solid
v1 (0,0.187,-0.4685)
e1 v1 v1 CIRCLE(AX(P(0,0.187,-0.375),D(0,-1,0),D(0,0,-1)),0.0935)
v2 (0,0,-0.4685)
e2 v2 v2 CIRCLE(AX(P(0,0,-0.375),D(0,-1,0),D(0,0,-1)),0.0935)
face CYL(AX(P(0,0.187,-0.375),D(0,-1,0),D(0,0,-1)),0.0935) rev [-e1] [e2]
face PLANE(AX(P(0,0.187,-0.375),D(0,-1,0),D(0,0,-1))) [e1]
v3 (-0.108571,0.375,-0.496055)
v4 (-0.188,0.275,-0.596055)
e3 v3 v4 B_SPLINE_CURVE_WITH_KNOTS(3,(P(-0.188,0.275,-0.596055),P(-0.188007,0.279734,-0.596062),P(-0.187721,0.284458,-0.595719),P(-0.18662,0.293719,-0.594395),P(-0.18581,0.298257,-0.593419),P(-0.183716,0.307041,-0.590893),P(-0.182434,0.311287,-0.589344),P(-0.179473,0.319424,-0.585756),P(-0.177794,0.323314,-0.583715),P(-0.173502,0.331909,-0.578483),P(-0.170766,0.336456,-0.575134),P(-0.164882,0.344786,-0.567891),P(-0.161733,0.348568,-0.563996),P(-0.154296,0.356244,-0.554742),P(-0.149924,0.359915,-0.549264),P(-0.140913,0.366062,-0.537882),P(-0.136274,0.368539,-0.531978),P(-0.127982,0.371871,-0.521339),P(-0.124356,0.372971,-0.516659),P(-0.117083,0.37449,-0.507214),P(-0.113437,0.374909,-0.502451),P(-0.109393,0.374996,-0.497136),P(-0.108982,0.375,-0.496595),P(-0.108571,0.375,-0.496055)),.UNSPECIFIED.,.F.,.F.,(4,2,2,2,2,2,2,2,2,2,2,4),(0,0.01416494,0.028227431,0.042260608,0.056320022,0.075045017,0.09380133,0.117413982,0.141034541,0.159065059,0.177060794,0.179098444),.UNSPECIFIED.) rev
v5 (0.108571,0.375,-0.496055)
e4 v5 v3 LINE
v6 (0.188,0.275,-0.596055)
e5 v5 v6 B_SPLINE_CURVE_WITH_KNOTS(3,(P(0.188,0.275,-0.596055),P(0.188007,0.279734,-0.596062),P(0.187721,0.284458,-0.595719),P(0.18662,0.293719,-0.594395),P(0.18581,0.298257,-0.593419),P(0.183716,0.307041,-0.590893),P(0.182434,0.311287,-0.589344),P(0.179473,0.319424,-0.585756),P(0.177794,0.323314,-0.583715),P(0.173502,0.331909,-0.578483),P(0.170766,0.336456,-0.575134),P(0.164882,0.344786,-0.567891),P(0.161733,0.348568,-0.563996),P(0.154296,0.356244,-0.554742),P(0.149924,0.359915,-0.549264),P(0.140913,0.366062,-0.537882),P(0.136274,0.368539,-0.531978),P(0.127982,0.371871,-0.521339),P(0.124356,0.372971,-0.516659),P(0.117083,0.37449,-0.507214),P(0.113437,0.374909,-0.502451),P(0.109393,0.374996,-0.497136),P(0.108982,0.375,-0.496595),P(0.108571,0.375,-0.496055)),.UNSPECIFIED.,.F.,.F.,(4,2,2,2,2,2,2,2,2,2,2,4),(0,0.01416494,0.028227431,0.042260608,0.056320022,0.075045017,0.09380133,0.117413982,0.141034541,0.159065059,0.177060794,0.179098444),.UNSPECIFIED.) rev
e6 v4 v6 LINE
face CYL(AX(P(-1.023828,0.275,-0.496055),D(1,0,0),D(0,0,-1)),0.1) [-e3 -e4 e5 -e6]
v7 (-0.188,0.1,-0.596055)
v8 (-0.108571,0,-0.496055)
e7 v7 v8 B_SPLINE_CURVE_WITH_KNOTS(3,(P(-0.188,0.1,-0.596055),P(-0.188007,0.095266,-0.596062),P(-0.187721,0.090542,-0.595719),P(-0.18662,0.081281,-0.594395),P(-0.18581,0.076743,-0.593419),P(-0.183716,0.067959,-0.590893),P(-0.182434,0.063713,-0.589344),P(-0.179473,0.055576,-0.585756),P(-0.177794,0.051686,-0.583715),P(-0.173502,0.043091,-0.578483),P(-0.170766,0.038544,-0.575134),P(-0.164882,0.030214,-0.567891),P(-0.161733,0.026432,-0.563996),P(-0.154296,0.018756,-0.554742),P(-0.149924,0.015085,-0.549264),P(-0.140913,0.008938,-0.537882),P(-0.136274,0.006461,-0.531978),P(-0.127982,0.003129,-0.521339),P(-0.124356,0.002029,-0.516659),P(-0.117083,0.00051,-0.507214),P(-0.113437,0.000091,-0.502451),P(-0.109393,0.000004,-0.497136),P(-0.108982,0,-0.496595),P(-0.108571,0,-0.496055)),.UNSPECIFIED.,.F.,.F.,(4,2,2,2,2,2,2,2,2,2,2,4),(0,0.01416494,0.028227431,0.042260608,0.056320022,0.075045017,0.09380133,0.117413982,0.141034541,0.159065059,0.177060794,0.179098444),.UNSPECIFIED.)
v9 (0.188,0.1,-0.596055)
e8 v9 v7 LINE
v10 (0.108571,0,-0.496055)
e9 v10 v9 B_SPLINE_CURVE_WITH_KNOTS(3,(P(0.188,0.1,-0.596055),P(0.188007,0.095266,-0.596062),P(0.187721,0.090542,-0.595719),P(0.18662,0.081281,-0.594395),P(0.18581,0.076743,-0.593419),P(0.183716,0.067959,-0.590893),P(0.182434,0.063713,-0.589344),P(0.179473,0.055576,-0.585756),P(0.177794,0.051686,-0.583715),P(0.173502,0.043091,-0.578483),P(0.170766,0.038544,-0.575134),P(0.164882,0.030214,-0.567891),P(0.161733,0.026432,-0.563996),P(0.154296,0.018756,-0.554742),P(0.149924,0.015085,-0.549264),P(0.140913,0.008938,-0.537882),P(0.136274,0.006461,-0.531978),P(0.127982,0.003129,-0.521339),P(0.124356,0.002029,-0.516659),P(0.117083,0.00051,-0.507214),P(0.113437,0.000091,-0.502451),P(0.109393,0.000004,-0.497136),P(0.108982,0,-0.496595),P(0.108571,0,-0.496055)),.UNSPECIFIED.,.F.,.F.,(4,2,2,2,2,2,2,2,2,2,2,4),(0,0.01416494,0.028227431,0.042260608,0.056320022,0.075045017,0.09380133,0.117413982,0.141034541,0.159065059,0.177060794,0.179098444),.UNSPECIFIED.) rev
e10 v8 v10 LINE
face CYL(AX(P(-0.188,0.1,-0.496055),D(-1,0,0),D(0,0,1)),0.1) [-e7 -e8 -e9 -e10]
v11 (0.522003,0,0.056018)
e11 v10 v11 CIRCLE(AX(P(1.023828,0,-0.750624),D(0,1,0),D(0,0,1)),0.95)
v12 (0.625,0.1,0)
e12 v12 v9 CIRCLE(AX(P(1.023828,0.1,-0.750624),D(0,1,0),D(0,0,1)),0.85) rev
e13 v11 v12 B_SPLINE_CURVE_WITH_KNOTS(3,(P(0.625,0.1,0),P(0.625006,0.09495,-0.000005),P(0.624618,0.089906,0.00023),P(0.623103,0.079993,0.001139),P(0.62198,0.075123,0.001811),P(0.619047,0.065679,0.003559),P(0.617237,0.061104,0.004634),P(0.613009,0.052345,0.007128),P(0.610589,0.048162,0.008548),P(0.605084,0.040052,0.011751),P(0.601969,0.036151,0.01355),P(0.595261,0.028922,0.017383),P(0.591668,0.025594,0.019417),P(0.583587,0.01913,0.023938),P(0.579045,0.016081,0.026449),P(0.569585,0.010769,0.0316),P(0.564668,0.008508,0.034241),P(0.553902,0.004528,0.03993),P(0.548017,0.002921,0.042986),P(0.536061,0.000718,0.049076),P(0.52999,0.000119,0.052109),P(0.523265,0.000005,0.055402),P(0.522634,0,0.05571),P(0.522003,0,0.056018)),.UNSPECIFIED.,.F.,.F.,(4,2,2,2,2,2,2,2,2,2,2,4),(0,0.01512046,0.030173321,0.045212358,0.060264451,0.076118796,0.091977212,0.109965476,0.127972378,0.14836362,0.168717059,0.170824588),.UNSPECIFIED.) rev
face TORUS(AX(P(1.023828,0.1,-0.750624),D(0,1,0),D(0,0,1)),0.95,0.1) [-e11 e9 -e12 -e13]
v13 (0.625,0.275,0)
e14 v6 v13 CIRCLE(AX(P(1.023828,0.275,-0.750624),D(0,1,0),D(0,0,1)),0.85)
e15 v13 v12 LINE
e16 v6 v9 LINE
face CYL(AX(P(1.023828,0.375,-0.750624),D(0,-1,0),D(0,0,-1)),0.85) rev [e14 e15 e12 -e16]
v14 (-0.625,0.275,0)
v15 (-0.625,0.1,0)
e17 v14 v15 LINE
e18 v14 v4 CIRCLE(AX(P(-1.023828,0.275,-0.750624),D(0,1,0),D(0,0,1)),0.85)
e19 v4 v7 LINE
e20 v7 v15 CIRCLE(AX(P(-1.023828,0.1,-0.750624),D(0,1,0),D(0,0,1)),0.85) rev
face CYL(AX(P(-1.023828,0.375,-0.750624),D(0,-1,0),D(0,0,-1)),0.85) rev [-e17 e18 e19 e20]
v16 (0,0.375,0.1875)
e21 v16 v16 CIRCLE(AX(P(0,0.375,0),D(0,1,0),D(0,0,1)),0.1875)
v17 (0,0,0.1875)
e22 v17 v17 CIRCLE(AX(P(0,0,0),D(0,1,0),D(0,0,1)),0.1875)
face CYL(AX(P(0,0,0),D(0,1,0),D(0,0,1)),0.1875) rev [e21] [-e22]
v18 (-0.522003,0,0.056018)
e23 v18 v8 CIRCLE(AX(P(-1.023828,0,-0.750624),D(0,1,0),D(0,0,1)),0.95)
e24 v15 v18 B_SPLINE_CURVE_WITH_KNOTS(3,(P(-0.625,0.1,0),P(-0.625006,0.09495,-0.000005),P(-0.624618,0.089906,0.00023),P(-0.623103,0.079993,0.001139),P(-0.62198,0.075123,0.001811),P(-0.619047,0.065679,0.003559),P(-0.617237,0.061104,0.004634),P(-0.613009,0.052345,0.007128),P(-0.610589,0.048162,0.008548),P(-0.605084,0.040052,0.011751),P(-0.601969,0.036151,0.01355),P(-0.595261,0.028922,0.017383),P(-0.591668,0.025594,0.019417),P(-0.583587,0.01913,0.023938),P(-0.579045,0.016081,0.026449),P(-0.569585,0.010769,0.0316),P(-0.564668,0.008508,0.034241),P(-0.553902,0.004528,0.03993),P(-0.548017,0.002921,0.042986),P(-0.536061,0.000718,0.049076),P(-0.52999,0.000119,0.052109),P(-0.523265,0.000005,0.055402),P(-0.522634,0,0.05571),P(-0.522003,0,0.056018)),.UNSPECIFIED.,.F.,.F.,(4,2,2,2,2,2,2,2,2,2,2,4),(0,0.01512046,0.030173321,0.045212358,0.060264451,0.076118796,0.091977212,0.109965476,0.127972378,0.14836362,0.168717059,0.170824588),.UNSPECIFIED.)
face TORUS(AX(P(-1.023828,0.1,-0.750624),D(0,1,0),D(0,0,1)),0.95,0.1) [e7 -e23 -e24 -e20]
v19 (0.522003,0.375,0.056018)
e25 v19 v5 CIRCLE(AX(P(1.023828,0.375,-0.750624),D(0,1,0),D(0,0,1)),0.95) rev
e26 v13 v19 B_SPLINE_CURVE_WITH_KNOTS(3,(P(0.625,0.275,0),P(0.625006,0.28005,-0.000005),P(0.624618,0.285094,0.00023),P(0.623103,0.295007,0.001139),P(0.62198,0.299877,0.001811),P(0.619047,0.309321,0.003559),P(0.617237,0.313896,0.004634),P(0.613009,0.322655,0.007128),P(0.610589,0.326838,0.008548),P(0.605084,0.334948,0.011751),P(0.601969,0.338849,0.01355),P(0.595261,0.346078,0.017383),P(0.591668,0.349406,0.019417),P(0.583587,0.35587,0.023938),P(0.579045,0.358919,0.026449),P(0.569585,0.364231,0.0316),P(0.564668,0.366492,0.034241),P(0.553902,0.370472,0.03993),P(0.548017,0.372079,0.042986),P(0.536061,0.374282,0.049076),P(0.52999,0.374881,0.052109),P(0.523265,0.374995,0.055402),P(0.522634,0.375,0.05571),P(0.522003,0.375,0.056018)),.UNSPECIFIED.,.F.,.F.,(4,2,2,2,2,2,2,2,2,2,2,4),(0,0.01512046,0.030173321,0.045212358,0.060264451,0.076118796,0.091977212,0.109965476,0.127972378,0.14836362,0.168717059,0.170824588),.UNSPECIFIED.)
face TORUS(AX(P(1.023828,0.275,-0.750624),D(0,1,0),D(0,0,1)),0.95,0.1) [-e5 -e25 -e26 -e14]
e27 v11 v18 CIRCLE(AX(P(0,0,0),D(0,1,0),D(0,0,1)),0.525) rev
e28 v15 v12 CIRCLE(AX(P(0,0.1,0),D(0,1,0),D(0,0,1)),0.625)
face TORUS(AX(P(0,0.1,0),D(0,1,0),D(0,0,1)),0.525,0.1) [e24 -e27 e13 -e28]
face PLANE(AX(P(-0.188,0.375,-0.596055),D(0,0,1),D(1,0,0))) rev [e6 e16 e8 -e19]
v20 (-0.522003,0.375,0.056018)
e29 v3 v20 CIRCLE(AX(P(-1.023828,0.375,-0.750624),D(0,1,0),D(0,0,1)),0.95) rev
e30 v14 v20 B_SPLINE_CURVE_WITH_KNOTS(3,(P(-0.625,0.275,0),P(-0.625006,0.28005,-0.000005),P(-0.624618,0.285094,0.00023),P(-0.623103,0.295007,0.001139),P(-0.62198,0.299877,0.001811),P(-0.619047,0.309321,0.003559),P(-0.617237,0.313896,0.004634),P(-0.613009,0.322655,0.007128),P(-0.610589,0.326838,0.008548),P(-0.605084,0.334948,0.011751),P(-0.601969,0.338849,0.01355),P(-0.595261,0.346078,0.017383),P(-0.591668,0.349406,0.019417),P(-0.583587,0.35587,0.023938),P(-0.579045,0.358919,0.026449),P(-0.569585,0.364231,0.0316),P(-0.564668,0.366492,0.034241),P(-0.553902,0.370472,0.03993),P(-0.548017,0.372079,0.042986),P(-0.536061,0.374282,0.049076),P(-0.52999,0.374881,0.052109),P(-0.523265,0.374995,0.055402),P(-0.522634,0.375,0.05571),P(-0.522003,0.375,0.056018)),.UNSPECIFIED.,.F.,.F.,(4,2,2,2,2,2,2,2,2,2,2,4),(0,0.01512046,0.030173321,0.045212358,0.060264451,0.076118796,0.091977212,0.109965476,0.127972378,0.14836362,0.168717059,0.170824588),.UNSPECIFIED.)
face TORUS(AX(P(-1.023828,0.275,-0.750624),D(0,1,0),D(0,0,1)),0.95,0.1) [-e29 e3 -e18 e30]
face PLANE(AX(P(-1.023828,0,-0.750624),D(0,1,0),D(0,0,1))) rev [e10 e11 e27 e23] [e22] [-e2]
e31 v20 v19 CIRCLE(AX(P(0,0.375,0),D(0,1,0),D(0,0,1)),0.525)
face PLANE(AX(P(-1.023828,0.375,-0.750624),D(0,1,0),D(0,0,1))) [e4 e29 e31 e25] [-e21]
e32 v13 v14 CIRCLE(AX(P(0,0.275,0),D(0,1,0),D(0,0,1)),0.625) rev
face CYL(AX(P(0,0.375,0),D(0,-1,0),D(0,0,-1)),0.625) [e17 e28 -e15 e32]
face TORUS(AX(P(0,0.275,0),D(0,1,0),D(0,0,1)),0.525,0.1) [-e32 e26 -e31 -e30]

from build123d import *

# Parameters (mm, degrees)
BOSS_EXTRUDE1_DEPTH = 0.375
SKETCH2_R           = 0.1875
CUT_EXTRUDE1_DEPTH  = 0.375
FILLET2_R           = 0.1
SKETCH4_R           = 0.0935
CUT_EXTRUDE2_DEPTH  = 0.187


with BuildPart() as part:
    # Sketch1 → Boss-Extrude1 (new body)
    with BuildSketch(Plane(origin=(0, 0, 0), x_dir=(1, 0, 0), z_dir=(0, 1, 0))):
        with BuildLine():
            Line((-0.188, 0.596054528), (0.188, 0.596054528))
            ThreePointArc((0.188, 0.596054528), (0.338325176, 0.248044592), (0.625, 0))
            ThreePointArc((0.625, 0), (0, -0.625), (-0.625, 0))
            ThreePointArc((-0.625, 0), (-0.338325176, 0.248044592), (-0.188, 0.596054528))
        make_face()
    extrude(amount=BOSS_EXTRUDE1_DEPTH)

    # Sketch2 → Cut-Extrude1 (cut)
    with BuildSketch(Plane(origin=(0, 0.375, 0), x_dir=(1, 0, 0), z_dir=(0, 1, 0))):
        with Locations(Location((0, 0, 0), (0, 0, 270))):
            Circle(SKETCH2_R)
    extrude(amount=-CUT_EXTRUDE1_DEPTH, mode=Mode.SUBTRACT)

    # Fillet2
    fillet2_edges = [part.edges().sort_by_distance(p)[0] for p in [
        (0, 0, -0.596054528),
        (0, 0.375, -0.596054528),
        (-0.338325176, 0, -0.248044592),
        (-0.338325176, 0.375, -0.248044592),
        (0.338325176, 0, -0.248044592),
        (0.338325176, 0.375, -0.248044592),
        (0, 0, 0.625),
        (0, 0.375, 0.625),
    ]]
    fillet(fillet2_edges, radius=FILLET2_R)

    # Sketch4 → Cut-Extrude2 (cut)
    with BuildSketch(Plane.XZ):
        with Locations(Location((0, -0.375, 0), (0, 0, 270))):
            Circle(SKETCH4_R)
    extrude(amount=-CUT_EXTRUDE2_DEPTH, mode=Mode.SUBTRACT)


solid = part.part
